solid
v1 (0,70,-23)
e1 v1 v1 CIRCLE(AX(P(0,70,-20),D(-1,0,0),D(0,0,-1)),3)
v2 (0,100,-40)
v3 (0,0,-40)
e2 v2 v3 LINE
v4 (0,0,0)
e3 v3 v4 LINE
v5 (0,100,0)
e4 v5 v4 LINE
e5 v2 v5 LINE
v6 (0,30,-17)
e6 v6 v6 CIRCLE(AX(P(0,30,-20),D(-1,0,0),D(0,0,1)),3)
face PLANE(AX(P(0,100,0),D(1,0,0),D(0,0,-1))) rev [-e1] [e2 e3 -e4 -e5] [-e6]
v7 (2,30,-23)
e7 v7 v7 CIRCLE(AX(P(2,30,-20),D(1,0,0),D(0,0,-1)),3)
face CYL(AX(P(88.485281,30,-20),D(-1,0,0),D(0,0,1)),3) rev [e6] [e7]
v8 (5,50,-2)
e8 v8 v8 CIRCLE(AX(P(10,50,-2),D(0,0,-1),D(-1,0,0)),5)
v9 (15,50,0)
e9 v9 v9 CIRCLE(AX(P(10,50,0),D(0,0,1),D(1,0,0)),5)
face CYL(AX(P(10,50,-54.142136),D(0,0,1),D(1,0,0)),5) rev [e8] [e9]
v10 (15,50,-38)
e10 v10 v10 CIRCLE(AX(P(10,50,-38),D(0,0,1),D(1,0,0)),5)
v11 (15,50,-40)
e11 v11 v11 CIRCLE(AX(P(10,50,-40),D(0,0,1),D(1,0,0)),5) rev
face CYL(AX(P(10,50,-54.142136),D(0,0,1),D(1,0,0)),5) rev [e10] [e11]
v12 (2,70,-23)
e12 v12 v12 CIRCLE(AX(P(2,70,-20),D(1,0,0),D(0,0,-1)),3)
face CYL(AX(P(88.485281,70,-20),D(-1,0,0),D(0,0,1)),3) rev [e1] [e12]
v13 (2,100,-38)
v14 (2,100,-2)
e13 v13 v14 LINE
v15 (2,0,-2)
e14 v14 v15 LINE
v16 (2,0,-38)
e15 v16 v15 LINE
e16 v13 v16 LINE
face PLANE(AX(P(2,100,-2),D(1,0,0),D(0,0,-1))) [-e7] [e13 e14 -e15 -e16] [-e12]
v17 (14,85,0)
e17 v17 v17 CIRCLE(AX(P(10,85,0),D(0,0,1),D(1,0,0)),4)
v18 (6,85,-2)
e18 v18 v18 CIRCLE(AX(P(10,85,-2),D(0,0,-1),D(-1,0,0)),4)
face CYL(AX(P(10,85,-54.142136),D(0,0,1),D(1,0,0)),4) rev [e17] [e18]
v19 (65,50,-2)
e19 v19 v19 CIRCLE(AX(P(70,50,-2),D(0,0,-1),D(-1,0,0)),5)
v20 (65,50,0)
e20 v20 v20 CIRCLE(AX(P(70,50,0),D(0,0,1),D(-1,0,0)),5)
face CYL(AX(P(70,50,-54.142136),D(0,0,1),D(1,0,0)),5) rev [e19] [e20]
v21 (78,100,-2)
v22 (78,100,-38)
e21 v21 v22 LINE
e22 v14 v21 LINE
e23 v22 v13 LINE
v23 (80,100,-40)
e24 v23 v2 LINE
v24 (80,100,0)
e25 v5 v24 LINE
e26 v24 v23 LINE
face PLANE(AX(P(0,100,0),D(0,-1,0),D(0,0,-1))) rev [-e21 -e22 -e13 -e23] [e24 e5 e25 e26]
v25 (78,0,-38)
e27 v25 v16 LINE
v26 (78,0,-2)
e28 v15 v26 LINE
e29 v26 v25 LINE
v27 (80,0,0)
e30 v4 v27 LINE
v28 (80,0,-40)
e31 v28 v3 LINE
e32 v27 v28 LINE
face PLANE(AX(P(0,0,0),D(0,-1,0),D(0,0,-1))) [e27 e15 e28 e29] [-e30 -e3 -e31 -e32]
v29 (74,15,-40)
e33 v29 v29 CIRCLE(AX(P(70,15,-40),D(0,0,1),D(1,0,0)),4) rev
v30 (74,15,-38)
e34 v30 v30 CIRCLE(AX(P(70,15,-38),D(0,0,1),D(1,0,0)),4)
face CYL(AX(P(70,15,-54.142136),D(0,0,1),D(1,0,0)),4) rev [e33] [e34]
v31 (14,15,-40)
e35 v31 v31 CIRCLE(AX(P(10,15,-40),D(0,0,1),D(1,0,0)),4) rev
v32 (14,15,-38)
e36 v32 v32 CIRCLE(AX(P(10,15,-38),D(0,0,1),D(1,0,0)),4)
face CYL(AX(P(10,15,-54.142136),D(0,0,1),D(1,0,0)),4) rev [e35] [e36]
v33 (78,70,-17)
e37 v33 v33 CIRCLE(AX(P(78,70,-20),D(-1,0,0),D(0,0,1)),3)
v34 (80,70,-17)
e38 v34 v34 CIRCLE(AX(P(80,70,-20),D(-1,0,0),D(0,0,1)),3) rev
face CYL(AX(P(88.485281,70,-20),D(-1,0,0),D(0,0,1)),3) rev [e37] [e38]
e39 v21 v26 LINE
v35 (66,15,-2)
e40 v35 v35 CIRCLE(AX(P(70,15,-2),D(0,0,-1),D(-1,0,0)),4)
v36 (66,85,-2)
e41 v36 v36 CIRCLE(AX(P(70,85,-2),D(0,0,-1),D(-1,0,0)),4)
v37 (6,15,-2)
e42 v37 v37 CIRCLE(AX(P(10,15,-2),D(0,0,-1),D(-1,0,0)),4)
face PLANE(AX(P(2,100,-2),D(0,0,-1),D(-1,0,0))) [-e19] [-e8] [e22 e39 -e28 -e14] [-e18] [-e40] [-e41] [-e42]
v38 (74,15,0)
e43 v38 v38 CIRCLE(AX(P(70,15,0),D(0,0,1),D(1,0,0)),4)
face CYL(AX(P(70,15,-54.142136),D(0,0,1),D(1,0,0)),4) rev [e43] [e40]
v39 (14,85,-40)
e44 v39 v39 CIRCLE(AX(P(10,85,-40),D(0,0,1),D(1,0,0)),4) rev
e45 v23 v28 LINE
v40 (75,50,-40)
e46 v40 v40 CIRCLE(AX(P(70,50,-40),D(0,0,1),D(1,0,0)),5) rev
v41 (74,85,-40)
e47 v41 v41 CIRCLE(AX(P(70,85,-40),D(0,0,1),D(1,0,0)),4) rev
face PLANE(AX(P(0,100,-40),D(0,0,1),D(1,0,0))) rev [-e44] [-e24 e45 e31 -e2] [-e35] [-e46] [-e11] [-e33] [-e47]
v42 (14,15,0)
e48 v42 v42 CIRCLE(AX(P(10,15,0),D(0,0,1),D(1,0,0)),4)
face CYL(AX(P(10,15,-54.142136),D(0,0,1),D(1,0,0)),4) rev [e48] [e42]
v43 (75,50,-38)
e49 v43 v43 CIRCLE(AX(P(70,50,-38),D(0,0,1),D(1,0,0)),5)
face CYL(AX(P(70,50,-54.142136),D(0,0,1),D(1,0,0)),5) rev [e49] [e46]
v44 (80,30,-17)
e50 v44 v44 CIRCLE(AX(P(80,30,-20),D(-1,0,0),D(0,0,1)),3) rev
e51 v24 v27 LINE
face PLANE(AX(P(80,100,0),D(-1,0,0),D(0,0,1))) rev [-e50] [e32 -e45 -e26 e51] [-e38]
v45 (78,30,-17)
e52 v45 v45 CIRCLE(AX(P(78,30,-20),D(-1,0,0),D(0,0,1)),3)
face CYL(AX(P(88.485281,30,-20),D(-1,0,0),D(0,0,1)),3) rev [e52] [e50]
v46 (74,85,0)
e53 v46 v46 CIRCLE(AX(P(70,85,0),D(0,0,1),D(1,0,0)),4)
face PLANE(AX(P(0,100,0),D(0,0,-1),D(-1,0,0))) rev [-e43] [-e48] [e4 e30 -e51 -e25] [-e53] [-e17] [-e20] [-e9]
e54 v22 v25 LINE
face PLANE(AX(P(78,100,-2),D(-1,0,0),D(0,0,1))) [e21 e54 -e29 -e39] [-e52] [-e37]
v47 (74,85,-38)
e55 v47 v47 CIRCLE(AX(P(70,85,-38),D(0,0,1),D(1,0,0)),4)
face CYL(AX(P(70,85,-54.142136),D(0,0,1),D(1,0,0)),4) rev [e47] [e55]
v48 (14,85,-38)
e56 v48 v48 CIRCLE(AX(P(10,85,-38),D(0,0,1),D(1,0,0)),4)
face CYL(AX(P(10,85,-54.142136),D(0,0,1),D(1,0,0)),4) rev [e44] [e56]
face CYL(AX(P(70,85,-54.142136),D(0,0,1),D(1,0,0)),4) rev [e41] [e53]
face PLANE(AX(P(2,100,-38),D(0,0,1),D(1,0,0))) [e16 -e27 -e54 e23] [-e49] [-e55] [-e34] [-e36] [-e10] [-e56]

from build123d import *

# Parameters (mm, degrees)
SKETCH1_W           = 80
SKETCH1_H           = 40
SKETCH1_W_2         = 76
SKETCH1_H_2         = 36
BOSS_EXTRUDE1_DEPTH = 100
SKETCH2_R           = 4
SKETCH2_R_2         = 5
CUT_EXTRUDE1_DEPTH  = 40
SKETCH3_R           = 3
CUT_EXTRUDE2_DEPTH  = 80


with BuildPart() as part:
    # Sketch1 → Boss-Extrude1 (new body)
    with BuildSketch(Plane(origin=(0, 0, 0), x_dir=(1, 0, 0), z_dir=(0, 1, 0))):
        with Locations((40, 20)):
            Rectangle(SKETCH1_W, SKETCH1_H)
        with Locations((40, 20)):
            Rectangle(SKETCH1_W_2, SKETCH1_H_2, mode=Mode.SUBTRACT)
    extrude(amount=BOSS_EXTRUDE1_DEPTH)

    # Sketch2 → Cut-Extrude1 (cut)
    with BuildSketch(Plane.XY):
        with Locations((70, 15)):
            Circle(SKETCH2_R)
        with Locations((70, 85)):
            Circle(SKETCH2_R)
        with Locations((10, 15)):
            Circle(SKETCH2_R)
        with Locations((10, 50)):
            Circle(SKETCH2_R_2)
        with Locations((10, 85)):
            Circle(SKETCH2_R)
        with Locations((70, 50)):
            Circle(SKETCH2_R_2)
    extrude(amount=-CUT_EXTRUDE1_DEPTH, mode=Mode.SUBTRACT)

    # Sketch3 → Cut-Extrude2 (cut)
    with BuildSketch(Plane.ZY):
        with Locations((-20, 30)):
            Circle(SKETCH3_R)
        with Locations((-20, 70)):
            Circle(SKETCH3_R)
    extrude(amount=-CUT_EXTRUDE2_DEPTH, mode=Mode.SUBTRACT)


solid = part.part
